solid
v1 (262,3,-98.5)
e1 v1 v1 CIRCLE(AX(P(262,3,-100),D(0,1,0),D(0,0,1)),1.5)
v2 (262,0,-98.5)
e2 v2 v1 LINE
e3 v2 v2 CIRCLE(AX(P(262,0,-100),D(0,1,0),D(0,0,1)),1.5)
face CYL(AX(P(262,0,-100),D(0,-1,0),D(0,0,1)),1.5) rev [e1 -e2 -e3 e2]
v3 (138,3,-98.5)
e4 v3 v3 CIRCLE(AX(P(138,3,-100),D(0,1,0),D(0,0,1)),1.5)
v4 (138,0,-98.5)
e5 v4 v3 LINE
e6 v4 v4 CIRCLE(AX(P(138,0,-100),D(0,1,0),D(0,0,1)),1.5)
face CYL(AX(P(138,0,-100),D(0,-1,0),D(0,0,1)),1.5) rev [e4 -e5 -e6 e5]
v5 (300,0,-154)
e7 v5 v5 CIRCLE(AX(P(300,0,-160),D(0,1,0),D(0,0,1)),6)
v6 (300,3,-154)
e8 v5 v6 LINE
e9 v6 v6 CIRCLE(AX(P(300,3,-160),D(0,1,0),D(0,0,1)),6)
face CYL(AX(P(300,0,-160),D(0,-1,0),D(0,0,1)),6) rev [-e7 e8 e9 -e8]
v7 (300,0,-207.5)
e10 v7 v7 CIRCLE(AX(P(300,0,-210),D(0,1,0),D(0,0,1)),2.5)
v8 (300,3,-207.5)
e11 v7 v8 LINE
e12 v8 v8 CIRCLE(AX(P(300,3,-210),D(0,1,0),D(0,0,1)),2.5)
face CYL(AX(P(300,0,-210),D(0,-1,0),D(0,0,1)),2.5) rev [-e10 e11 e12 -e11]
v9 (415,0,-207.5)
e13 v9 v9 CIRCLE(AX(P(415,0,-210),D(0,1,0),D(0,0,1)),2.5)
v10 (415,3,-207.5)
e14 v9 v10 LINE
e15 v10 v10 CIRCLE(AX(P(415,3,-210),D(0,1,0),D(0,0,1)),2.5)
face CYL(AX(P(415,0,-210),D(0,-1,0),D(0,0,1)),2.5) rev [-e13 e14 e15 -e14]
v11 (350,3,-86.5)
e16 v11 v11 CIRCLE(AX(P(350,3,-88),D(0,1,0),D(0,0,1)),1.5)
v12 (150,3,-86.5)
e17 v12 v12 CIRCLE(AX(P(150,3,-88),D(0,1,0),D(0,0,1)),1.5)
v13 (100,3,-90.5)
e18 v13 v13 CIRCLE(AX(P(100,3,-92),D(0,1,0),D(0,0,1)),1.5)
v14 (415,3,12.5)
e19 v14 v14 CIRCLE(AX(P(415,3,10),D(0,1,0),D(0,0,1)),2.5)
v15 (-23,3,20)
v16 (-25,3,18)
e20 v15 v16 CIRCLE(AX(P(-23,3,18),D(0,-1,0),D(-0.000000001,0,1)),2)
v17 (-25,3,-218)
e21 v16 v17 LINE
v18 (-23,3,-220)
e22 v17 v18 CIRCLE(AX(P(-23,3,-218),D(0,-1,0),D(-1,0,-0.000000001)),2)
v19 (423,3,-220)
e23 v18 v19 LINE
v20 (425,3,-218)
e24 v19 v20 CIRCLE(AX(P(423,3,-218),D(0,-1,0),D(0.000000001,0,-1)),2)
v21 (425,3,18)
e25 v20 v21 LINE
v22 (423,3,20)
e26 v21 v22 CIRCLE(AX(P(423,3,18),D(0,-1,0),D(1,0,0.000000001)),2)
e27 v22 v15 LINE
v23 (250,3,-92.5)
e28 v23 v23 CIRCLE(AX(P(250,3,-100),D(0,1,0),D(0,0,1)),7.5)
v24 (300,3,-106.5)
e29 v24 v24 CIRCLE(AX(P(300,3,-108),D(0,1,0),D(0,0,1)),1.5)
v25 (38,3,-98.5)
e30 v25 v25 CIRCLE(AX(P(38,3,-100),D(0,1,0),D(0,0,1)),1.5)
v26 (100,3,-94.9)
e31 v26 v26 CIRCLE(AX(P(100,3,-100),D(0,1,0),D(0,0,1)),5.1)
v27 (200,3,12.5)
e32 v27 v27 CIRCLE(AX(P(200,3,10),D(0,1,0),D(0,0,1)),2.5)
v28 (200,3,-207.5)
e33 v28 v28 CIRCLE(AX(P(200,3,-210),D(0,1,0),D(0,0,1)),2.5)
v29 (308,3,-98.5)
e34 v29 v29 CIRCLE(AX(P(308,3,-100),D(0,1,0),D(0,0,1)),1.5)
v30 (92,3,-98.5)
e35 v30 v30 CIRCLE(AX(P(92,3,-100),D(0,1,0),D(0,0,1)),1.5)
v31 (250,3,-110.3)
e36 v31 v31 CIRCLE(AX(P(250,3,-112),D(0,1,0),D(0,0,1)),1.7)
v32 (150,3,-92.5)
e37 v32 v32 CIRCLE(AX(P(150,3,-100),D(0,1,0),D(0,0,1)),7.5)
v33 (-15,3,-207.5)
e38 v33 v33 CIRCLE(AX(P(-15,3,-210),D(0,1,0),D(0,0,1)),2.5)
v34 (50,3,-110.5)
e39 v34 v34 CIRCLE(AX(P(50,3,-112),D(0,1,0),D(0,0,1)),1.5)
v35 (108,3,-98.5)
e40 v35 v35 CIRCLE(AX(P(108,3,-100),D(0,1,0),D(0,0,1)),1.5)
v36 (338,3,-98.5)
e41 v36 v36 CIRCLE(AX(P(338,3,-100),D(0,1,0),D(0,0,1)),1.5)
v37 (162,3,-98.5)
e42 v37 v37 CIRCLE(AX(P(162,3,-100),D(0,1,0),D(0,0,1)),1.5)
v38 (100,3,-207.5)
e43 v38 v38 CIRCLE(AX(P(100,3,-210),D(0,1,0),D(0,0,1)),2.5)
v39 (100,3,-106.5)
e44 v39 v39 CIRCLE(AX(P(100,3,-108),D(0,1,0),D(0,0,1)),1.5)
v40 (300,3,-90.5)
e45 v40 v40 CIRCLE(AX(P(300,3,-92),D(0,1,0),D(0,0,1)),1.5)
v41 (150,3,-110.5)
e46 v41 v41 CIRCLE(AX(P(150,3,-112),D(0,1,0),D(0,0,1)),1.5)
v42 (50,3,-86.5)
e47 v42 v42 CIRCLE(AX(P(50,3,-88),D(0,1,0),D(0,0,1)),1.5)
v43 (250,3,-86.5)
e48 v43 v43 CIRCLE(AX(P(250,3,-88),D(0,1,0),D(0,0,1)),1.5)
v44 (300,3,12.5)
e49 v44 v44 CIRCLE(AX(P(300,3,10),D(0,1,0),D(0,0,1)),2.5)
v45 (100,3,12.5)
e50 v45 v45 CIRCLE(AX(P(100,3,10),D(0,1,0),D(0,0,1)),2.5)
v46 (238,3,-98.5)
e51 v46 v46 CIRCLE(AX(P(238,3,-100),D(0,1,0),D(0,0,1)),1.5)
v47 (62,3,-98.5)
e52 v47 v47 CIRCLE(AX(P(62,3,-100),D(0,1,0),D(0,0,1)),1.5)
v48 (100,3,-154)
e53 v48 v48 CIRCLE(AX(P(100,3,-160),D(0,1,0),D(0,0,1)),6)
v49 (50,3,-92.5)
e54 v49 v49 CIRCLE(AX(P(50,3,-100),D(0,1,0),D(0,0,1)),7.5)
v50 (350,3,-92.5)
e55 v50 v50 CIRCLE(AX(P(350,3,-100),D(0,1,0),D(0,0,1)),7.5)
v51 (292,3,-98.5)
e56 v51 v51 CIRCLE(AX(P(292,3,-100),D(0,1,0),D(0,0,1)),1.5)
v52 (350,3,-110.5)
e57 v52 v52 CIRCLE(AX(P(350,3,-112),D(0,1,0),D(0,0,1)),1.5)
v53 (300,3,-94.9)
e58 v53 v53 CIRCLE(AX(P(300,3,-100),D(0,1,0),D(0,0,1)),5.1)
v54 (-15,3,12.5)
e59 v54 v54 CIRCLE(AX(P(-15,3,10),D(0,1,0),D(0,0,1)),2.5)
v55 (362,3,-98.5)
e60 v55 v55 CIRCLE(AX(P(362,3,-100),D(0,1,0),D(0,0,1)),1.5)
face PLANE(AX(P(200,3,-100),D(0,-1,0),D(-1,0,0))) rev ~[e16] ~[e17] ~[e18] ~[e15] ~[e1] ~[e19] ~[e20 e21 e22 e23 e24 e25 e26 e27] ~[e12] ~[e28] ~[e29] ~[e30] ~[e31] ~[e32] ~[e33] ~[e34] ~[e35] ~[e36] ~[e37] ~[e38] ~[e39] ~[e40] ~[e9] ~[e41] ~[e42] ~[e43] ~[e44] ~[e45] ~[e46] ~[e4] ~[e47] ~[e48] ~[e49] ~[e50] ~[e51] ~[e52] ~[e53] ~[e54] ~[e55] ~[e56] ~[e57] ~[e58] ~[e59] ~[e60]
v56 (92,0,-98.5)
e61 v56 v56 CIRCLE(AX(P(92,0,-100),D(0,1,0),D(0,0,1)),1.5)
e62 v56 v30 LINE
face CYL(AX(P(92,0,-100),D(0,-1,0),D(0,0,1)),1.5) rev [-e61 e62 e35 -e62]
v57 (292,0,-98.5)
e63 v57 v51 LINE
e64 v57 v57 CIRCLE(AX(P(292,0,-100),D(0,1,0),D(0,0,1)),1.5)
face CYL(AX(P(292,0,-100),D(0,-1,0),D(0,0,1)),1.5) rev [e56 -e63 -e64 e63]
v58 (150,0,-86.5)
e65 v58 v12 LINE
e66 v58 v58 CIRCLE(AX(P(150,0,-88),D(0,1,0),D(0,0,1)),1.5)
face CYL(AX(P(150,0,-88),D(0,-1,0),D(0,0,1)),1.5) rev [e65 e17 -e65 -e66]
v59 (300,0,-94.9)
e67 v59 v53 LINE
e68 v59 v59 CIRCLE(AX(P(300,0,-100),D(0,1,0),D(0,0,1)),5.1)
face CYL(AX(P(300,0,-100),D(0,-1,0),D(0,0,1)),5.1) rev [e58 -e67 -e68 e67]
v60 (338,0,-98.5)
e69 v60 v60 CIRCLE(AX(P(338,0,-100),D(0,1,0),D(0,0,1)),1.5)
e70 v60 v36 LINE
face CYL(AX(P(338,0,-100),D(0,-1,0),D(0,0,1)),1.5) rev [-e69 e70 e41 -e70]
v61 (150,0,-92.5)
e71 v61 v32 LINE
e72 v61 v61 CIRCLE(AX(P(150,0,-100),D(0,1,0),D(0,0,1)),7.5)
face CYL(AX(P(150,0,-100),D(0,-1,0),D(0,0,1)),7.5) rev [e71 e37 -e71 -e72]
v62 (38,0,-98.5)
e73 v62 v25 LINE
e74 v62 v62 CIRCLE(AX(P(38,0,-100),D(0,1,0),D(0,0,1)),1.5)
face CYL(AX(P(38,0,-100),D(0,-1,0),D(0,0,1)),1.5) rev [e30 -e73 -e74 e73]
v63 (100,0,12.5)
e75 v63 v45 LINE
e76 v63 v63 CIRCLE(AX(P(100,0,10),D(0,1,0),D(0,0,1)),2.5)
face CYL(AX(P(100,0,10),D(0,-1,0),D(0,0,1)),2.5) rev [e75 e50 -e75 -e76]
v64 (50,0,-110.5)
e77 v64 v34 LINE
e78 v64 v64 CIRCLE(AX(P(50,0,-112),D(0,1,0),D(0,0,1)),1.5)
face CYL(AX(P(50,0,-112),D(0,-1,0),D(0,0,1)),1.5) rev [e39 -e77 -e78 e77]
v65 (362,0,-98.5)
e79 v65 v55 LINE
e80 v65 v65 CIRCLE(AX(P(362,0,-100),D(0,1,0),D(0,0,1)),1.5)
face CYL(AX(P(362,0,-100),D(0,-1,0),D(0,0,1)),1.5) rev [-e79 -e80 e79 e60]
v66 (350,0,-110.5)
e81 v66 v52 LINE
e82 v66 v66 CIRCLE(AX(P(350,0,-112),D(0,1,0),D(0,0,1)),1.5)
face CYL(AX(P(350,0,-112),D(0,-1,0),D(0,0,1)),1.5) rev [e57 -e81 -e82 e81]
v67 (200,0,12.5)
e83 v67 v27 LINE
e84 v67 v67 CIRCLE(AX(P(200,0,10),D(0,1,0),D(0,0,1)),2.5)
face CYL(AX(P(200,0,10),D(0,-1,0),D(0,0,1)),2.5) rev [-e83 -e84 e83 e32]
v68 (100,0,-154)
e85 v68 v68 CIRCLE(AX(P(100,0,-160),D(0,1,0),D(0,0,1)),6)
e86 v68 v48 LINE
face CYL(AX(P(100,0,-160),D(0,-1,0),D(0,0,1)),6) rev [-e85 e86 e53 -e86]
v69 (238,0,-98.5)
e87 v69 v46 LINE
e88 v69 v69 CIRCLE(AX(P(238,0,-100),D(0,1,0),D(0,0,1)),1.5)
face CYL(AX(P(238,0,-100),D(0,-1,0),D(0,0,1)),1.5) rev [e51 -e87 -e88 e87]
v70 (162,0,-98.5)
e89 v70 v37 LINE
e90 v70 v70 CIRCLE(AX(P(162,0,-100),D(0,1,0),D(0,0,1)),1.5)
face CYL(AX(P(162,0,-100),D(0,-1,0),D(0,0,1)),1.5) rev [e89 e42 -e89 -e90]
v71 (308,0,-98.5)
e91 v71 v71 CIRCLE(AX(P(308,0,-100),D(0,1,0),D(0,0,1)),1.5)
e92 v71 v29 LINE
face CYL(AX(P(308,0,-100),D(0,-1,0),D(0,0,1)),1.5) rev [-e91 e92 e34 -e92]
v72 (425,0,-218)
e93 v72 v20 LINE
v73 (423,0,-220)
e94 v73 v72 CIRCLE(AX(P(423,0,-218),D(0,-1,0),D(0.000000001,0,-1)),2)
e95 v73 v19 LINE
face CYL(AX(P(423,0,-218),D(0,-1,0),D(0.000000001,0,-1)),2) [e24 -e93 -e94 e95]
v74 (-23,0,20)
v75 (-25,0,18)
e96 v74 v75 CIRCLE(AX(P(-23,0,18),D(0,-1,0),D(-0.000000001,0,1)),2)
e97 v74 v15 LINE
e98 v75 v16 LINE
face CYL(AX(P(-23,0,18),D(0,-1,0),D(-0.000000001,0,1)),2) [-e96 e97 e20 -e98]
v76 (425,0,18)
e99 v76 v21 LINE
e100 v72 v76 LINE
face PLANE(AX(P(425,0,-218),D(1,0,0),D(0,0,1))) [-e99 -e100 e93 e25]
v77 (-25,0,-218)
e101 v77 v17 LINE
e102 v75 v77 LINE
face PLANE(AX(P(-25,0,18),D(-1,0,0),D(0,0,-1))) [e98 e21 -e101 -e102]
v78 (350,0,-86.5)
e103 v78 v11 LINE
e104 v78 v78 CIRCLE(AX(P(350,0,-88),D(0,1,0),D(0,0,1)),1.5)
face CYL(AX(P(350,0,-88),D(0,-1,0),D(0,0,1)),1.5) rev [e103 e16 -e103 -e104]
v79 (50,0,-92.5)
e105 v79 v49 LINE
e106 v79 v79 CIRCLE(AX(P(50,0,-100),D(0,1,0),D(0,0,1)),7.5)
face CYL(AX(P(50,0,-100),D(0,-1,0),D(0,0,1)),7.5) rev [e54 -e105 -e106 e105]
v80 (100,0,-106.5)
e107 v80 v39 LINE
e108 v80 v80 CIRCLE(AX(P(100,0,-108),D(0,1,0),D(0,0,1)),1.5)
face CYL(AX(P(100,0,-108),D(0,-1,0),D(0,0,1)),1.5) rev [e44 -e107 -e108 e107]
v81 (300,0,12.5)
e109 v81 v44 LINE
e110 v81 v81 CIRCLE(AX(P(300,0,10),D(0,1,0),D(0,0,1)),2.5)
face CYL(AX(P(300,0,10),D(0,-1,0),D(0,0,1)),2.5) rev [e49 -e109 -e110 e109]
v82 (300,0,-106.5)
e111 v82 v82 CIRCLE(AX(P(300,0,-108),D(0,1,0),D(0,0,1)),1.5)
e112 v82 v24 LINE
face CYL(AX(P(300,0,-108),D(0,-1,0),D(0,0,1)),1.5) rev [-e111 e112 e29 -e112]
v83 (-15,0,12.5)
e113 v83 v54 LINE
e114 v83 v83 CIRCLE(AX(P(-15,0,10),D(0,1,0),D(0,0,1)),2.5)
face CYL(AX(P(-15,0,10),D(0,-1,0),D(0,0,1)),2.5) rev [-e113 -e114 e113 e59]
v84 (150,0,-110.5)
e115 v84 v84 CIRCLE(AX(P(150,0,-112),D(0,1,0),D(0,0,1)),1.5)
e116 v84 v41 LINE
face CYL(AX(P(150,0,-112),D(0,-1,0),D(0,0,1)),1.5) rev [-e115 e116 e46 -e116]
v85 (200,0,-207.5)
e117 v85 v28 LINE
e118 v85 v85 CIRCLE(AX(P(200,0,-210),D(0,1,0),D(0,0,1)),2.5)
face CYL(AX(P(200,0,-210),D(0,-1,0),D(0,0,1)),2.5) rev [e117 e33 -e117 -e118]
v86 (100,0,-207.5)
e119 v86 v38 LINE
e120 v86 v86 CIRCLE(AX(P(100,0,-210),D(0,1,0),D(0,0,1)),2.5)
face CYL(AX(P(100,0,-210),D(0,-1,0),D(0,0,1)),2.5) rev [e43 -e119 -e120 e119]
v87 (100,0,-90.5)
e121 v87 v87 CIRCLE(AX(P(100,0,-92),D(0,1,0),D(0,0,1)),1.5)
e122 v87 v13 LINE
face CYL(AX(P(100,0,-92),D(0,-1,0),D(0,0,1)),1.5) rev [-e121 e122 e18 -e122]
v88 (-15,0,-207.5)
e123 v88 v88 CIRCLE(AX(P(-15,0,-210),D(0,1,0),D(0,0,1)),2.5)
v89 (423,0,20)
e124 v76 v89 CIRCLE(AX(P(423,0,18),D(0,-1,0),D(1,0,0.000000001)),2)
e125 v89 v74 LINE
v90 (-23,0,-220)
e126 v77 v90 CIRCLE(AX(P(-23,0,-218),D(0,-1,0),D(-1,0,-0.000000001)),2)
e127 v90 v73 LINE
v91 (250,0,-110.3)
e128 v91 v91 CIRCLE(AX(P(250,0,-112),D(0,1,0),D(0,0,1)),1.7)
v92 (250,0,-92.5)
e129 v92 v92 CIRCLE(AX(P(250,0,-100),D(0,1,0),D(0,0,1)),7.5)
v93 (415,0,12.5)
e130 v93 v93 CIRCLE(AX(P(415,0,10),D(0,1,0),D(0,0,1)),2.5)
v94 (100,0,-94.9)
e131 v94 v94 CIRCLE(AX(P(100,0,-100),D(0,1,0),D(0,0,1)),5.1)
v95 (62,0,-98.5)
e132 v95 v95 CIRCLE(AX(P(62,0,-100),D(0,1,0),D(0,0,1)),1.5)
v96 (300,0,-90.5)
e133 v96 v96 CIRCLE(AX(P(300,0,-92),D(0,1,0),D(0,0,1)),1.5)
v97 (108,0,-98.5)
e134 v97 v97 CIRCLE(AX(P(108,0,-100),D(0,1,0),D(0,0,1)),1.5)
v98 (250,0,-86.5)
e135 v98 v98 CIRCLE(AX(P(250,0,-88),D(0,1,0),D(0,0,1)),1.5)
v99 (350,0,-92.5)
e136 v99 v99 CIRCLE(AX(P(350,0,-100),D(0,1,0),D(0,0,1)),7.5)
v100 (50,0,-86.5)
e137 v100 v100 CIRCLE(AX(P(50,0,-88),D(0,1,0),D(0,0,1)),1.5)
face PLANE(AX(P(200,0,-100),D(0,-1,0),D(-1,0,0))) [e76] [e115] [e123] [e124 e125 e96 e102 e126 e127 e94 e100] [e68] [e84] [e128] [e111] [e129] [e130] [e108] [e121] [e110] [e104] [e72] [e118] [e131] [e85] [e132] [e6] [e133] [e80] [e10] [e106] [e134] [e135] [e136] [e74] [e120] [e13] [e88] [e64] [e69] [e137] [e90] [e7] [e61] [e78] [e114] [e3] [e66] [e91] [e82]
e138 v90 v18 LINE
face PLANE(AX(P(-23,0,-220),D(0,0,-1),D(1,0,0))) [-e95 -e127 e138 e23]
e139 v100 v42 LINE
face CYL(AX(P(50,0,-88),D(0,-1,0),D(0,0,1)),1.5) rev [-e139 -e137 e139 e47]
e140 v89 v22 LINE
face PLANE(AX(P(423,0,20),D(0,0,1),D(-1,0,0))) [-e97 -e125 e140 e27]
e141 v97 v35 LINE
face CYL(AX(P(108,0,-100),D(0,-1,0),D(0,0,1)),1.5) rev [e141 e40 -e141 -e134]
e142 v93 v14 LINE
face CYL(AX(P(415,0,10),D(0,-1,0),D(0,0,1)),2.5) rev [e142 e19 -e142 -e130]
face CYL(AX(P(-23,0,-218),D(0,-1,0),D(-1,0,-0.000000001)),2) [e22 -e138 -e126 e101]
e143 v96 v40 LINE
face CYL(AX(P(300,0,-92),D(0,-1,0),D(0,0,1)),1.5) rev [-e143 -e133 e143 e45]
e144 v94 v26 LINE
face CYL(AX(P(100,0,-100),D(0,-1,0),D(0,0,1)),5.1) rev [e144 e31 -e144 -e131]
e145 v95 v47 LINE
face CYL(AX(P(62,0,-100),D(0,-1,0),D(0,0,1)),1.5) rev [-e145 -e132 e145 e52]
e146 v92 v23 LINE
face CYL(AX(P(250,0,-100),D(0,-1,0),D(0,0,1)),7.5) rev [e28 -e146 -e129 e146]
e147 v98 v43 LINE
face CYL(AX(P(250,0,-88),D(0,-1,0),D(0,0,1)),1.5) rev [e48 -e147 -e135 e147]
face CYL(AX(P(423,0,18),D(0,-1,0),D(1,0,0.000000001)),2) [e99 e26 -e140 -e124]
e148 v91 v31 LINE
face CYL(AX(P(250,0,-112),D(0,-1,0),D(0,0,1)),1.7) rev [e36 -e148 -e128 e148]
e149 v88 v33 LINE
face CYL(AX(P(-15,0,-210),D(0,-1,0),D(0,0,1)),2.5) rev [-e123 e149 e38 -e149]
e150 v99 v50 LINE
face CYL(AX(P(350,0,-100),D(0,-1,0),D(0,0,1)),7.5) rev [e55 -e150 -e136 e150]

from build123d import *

# Parameters (mm, degrees)
SKETCH_1_R      = 5.1
SKETCH_1_R_2    = 1.5
SKETCH_1_R_3    = 7.5
SKETCH_1_R_4    = 6
SKETCH_1_R_5    = 1.7
SKETCH_1_R_6    = 2.5
EXTRUDE_1_DEPTH = 3


with BuildPart() as part:
    # 草图1 → 凸台-拉伸1 (new body)
    with BuildSketch(Plane(origin=(0, 0, 0), x_dir=(1, 0, 0), z_dir=(0, 1, 0))):
        with BuildLine():
            Line((-23, 220), (423, 220))
            ThreePointArc((423, 220), (424.414213562, 219.414213562), (425, 218))
            Line((425, 218), (425, -18))
            ThreePointArc((425, -18), (424.414213562, -19.414213562), (423, -20))
            Line((423, -20), (-23, -20))
            ThreePointArc((-23, -20), (-24.414213562, -19.414213562), (-25, -18))
            Line((-25, -18), (-25, 218))
            ThreePointArc((-25, 218), (-24.414213562, 219.414213562), (-23, 220))
        make_face()
        with Locations(Location((100, 100, 0), (0, 0, 270))):
            Circle(SKETCH_1_R, mode=Mode.SUBTRACT)
        with Locations(Location((150, 112, 0), (0, 0, 270))):
            Circle(SKETCH_1_R_2, mode=Mode.SUBTRACT)
        with Locations(Location((100, 92, 0), (0, 0, 270))):
            Circle(SKETCH_1_R_2, mode=Mode.SUBTRACT)
        with Locations(Location((108, 100, 0), (0, 0, 270))):
            Circle(SKETCH_1_R_2, mode=Mode.SUBTRACT)
        with Locations(Location((92, 100, 0), (0, 0, 270))):
            Circle(SKETCH_1_R_2, mode=Mode.SUBTRACT)
        with Locations(Location((100, 108, 0), (0, 0, 270))):
            Circle(SKETCH_1_R_2, mode=Mode.SUBTRACT)
        with Locations(Location((50, 100, 0), (0, 0, 270))):
            Circle(SKETCH_1_R_3, mode=Mode.SUBTRACT)
        with Locations(Location((50, 112, 0), (0, 0, 270))):
            Circle(SKETCH_1_R_2, mode=Mode.SUBTRACT)
        with Locations(Location((62, 100, 0), (0, 0, 270))):
            Circle(SKETCH_1_R_2, mode=Mode.SUBTRACT)
        with Locations(Location((50, 88, 0), (0, 0, 270))):
            Circle(SKETCH_1_R_2, mode=Mode.SUBTRACT)
        with Locations(Location((38, 100, 0), (0, 0, 270))):
            Circle(SKETCH_1_R_2, mode=Mode.SUBTRACT)
        with Locations(Location((162, 100, 0), (0, 0, 270))):
            Circle(SKETCH_1_R_2, mode=Mode.SUBTRACT)
        with Locations(Location((138, 100, 0), (0, 0, 270))):
            Circle(SKETCH_1_R_2, mode=Mode.SUBTRACT)
        with Locations(Location((150, 88, 0), (0, 0, 270))):
            Circle(SKETCH_1_R_2, mode=Mode.SUBTRACT)
        with Locations(Location((150, 100, 0), (0, 0, 270))):
            Circle(SKETCH_1_R_3, mode=Mode.SUBTRACT)
        with Locations(Location((100, 160, 0), (0, 0, 270))):
            Circle(SKETCH_1_R_4, mode=Mode.SUBTRACT)
        with Locations(Location((300, 100, 0), (0, 0, 270))):
            Circle(SKETCH_1_R, mode=Mode.SUBTRACT)
        with Locations(Location((350, 112, 0), (0, 0, 270))):
            Circle(SKETCH_1_R_2, mode=Mode.SUBTRACT)
        with Locations(Location((300, 108, 0), (0, 0, 270))):
            Circle(SKETCH_1_R_2, mode=Mode.SUBTRACT)
        with Locations(Location((308, 100, 0), (0, 0, 270))):
            Circle(SKETCH_1_R_2, mode=Mode.SUBTRACT)
        with Locations(Location((300, 92, 0), (0, 0, 270))):
            Circle(SKETCH_1_R_2, mode=Mode.SUBTRACT)
        with Locations(Location((292, 100, 0), (0, 0, 270))):
            Circle(SKETCH_1_R_2, mode=Mode.SUBTRACT)
        with Locations(Location((250, 100, 0), (0, 0, 270))):
            Circle(SKETCH_1_R_3, mode=Mode.SUBTRACT)
        with Locations(Location((250, 112, 0), (0, 0, 270))):
            Circle(SKETCH_1_R_5, mode=Mode.SUBTRACT)
        with Locations(Location((262, 100, 0), (0, 0, 270))):
            Circle(SKETCH_1_R_2, mode=Mode.SUBTRACT)
        with Locations(Location((250, 88, 0), (0, 0, 270))):
            Circle(SKETCH_1_R_2, mode=Mode.SUBTRACT)
        with Locations(Location((238, 100, 0), (0, 0, 270))):
            Circle(SKETCH_1_R_2, mode=Mode.SUBTRACT)
        with Locations(Location((362, 100, 0), (0, 0, 270))):
            Circle(SKETCH_1_R_2, mode=Mode.SUBTRACT)
        with Locations(Location((338, 100, 0), (0, 0, 270))):
            Circle(SKETCH_1_R_2, mode=Mode.SUBTRACT)
        with Locations(Location((350, 88, 0), (0, 0, 270))):
            Circle(SKETCH_1_R_2, mode=Mode.SUBTRACT)
        with Locations(Location((350, 100, 0), (0, 0, 270))):
            Circle(SKETCH_1_R_3, mode=Mode.SUBTRACT)
        with Locations(Location((300, 160, 0), (0, 0, 270))):
            Circle(SKETCH_1_R_4, mode=Mode.SUBTRACT)
        with Locations(Location((415, -10, 0), (0, 0, 270))):
            Circle(SKETCH_1_R_6, mode=Mode.SUBTRACT)
        with Locations(Location((100, -10, 0), (0, 0, 270))):
            Circle(SKETCH_1_R_6, mode=Mode.SUBTRACT)
        with Locations(Location((300, -10, 0), (0, 0, 270))):
            Circle(SKETCH_1_R_6, mode=Mode.SUBTRACT)
        with Locations(Location((-15, -10, 0), (0, 0, 270))):
            Circle(SKETCH_1_R_6, mode=Mode.SUBTRACT)
        with Locations(Location((200, -10, 0), (0, 0, 270))):
            Circle(SKETCH_1_R_6, mode=Mode.SUBTRACT)
        with Locations(Location((200, 210, 0), (0, 0, 270))):
            Circle(SKETCH_1_R_6, mode=Mode.SUBTRACT)
        with Locations(Location((-15, 210, 0), (0, 0, 270))):
            Circle(SKETCH_1_R_6, mode=Mode.SUBTRACT)
        with Locations(Location((300, 210, 0), (0, 0, 270))):
            Circle(SKETCH_1_R_6, mode=Mode.SUBTRACT)
        with Locations(Location((100, 210, 0), (0, 0, 270))):
            Circle(SKETCH_1_R_6, mode=Mode.SUBTRACT)
        with Locations(Location((415, 210, 0), (0, 0, 270))):
            Circle(SKETCH_1_R_6, mode=Mode.SUBTRACT)
    extrude(amount=EXTRUDE_1_DEPTH)


solid = part.part
